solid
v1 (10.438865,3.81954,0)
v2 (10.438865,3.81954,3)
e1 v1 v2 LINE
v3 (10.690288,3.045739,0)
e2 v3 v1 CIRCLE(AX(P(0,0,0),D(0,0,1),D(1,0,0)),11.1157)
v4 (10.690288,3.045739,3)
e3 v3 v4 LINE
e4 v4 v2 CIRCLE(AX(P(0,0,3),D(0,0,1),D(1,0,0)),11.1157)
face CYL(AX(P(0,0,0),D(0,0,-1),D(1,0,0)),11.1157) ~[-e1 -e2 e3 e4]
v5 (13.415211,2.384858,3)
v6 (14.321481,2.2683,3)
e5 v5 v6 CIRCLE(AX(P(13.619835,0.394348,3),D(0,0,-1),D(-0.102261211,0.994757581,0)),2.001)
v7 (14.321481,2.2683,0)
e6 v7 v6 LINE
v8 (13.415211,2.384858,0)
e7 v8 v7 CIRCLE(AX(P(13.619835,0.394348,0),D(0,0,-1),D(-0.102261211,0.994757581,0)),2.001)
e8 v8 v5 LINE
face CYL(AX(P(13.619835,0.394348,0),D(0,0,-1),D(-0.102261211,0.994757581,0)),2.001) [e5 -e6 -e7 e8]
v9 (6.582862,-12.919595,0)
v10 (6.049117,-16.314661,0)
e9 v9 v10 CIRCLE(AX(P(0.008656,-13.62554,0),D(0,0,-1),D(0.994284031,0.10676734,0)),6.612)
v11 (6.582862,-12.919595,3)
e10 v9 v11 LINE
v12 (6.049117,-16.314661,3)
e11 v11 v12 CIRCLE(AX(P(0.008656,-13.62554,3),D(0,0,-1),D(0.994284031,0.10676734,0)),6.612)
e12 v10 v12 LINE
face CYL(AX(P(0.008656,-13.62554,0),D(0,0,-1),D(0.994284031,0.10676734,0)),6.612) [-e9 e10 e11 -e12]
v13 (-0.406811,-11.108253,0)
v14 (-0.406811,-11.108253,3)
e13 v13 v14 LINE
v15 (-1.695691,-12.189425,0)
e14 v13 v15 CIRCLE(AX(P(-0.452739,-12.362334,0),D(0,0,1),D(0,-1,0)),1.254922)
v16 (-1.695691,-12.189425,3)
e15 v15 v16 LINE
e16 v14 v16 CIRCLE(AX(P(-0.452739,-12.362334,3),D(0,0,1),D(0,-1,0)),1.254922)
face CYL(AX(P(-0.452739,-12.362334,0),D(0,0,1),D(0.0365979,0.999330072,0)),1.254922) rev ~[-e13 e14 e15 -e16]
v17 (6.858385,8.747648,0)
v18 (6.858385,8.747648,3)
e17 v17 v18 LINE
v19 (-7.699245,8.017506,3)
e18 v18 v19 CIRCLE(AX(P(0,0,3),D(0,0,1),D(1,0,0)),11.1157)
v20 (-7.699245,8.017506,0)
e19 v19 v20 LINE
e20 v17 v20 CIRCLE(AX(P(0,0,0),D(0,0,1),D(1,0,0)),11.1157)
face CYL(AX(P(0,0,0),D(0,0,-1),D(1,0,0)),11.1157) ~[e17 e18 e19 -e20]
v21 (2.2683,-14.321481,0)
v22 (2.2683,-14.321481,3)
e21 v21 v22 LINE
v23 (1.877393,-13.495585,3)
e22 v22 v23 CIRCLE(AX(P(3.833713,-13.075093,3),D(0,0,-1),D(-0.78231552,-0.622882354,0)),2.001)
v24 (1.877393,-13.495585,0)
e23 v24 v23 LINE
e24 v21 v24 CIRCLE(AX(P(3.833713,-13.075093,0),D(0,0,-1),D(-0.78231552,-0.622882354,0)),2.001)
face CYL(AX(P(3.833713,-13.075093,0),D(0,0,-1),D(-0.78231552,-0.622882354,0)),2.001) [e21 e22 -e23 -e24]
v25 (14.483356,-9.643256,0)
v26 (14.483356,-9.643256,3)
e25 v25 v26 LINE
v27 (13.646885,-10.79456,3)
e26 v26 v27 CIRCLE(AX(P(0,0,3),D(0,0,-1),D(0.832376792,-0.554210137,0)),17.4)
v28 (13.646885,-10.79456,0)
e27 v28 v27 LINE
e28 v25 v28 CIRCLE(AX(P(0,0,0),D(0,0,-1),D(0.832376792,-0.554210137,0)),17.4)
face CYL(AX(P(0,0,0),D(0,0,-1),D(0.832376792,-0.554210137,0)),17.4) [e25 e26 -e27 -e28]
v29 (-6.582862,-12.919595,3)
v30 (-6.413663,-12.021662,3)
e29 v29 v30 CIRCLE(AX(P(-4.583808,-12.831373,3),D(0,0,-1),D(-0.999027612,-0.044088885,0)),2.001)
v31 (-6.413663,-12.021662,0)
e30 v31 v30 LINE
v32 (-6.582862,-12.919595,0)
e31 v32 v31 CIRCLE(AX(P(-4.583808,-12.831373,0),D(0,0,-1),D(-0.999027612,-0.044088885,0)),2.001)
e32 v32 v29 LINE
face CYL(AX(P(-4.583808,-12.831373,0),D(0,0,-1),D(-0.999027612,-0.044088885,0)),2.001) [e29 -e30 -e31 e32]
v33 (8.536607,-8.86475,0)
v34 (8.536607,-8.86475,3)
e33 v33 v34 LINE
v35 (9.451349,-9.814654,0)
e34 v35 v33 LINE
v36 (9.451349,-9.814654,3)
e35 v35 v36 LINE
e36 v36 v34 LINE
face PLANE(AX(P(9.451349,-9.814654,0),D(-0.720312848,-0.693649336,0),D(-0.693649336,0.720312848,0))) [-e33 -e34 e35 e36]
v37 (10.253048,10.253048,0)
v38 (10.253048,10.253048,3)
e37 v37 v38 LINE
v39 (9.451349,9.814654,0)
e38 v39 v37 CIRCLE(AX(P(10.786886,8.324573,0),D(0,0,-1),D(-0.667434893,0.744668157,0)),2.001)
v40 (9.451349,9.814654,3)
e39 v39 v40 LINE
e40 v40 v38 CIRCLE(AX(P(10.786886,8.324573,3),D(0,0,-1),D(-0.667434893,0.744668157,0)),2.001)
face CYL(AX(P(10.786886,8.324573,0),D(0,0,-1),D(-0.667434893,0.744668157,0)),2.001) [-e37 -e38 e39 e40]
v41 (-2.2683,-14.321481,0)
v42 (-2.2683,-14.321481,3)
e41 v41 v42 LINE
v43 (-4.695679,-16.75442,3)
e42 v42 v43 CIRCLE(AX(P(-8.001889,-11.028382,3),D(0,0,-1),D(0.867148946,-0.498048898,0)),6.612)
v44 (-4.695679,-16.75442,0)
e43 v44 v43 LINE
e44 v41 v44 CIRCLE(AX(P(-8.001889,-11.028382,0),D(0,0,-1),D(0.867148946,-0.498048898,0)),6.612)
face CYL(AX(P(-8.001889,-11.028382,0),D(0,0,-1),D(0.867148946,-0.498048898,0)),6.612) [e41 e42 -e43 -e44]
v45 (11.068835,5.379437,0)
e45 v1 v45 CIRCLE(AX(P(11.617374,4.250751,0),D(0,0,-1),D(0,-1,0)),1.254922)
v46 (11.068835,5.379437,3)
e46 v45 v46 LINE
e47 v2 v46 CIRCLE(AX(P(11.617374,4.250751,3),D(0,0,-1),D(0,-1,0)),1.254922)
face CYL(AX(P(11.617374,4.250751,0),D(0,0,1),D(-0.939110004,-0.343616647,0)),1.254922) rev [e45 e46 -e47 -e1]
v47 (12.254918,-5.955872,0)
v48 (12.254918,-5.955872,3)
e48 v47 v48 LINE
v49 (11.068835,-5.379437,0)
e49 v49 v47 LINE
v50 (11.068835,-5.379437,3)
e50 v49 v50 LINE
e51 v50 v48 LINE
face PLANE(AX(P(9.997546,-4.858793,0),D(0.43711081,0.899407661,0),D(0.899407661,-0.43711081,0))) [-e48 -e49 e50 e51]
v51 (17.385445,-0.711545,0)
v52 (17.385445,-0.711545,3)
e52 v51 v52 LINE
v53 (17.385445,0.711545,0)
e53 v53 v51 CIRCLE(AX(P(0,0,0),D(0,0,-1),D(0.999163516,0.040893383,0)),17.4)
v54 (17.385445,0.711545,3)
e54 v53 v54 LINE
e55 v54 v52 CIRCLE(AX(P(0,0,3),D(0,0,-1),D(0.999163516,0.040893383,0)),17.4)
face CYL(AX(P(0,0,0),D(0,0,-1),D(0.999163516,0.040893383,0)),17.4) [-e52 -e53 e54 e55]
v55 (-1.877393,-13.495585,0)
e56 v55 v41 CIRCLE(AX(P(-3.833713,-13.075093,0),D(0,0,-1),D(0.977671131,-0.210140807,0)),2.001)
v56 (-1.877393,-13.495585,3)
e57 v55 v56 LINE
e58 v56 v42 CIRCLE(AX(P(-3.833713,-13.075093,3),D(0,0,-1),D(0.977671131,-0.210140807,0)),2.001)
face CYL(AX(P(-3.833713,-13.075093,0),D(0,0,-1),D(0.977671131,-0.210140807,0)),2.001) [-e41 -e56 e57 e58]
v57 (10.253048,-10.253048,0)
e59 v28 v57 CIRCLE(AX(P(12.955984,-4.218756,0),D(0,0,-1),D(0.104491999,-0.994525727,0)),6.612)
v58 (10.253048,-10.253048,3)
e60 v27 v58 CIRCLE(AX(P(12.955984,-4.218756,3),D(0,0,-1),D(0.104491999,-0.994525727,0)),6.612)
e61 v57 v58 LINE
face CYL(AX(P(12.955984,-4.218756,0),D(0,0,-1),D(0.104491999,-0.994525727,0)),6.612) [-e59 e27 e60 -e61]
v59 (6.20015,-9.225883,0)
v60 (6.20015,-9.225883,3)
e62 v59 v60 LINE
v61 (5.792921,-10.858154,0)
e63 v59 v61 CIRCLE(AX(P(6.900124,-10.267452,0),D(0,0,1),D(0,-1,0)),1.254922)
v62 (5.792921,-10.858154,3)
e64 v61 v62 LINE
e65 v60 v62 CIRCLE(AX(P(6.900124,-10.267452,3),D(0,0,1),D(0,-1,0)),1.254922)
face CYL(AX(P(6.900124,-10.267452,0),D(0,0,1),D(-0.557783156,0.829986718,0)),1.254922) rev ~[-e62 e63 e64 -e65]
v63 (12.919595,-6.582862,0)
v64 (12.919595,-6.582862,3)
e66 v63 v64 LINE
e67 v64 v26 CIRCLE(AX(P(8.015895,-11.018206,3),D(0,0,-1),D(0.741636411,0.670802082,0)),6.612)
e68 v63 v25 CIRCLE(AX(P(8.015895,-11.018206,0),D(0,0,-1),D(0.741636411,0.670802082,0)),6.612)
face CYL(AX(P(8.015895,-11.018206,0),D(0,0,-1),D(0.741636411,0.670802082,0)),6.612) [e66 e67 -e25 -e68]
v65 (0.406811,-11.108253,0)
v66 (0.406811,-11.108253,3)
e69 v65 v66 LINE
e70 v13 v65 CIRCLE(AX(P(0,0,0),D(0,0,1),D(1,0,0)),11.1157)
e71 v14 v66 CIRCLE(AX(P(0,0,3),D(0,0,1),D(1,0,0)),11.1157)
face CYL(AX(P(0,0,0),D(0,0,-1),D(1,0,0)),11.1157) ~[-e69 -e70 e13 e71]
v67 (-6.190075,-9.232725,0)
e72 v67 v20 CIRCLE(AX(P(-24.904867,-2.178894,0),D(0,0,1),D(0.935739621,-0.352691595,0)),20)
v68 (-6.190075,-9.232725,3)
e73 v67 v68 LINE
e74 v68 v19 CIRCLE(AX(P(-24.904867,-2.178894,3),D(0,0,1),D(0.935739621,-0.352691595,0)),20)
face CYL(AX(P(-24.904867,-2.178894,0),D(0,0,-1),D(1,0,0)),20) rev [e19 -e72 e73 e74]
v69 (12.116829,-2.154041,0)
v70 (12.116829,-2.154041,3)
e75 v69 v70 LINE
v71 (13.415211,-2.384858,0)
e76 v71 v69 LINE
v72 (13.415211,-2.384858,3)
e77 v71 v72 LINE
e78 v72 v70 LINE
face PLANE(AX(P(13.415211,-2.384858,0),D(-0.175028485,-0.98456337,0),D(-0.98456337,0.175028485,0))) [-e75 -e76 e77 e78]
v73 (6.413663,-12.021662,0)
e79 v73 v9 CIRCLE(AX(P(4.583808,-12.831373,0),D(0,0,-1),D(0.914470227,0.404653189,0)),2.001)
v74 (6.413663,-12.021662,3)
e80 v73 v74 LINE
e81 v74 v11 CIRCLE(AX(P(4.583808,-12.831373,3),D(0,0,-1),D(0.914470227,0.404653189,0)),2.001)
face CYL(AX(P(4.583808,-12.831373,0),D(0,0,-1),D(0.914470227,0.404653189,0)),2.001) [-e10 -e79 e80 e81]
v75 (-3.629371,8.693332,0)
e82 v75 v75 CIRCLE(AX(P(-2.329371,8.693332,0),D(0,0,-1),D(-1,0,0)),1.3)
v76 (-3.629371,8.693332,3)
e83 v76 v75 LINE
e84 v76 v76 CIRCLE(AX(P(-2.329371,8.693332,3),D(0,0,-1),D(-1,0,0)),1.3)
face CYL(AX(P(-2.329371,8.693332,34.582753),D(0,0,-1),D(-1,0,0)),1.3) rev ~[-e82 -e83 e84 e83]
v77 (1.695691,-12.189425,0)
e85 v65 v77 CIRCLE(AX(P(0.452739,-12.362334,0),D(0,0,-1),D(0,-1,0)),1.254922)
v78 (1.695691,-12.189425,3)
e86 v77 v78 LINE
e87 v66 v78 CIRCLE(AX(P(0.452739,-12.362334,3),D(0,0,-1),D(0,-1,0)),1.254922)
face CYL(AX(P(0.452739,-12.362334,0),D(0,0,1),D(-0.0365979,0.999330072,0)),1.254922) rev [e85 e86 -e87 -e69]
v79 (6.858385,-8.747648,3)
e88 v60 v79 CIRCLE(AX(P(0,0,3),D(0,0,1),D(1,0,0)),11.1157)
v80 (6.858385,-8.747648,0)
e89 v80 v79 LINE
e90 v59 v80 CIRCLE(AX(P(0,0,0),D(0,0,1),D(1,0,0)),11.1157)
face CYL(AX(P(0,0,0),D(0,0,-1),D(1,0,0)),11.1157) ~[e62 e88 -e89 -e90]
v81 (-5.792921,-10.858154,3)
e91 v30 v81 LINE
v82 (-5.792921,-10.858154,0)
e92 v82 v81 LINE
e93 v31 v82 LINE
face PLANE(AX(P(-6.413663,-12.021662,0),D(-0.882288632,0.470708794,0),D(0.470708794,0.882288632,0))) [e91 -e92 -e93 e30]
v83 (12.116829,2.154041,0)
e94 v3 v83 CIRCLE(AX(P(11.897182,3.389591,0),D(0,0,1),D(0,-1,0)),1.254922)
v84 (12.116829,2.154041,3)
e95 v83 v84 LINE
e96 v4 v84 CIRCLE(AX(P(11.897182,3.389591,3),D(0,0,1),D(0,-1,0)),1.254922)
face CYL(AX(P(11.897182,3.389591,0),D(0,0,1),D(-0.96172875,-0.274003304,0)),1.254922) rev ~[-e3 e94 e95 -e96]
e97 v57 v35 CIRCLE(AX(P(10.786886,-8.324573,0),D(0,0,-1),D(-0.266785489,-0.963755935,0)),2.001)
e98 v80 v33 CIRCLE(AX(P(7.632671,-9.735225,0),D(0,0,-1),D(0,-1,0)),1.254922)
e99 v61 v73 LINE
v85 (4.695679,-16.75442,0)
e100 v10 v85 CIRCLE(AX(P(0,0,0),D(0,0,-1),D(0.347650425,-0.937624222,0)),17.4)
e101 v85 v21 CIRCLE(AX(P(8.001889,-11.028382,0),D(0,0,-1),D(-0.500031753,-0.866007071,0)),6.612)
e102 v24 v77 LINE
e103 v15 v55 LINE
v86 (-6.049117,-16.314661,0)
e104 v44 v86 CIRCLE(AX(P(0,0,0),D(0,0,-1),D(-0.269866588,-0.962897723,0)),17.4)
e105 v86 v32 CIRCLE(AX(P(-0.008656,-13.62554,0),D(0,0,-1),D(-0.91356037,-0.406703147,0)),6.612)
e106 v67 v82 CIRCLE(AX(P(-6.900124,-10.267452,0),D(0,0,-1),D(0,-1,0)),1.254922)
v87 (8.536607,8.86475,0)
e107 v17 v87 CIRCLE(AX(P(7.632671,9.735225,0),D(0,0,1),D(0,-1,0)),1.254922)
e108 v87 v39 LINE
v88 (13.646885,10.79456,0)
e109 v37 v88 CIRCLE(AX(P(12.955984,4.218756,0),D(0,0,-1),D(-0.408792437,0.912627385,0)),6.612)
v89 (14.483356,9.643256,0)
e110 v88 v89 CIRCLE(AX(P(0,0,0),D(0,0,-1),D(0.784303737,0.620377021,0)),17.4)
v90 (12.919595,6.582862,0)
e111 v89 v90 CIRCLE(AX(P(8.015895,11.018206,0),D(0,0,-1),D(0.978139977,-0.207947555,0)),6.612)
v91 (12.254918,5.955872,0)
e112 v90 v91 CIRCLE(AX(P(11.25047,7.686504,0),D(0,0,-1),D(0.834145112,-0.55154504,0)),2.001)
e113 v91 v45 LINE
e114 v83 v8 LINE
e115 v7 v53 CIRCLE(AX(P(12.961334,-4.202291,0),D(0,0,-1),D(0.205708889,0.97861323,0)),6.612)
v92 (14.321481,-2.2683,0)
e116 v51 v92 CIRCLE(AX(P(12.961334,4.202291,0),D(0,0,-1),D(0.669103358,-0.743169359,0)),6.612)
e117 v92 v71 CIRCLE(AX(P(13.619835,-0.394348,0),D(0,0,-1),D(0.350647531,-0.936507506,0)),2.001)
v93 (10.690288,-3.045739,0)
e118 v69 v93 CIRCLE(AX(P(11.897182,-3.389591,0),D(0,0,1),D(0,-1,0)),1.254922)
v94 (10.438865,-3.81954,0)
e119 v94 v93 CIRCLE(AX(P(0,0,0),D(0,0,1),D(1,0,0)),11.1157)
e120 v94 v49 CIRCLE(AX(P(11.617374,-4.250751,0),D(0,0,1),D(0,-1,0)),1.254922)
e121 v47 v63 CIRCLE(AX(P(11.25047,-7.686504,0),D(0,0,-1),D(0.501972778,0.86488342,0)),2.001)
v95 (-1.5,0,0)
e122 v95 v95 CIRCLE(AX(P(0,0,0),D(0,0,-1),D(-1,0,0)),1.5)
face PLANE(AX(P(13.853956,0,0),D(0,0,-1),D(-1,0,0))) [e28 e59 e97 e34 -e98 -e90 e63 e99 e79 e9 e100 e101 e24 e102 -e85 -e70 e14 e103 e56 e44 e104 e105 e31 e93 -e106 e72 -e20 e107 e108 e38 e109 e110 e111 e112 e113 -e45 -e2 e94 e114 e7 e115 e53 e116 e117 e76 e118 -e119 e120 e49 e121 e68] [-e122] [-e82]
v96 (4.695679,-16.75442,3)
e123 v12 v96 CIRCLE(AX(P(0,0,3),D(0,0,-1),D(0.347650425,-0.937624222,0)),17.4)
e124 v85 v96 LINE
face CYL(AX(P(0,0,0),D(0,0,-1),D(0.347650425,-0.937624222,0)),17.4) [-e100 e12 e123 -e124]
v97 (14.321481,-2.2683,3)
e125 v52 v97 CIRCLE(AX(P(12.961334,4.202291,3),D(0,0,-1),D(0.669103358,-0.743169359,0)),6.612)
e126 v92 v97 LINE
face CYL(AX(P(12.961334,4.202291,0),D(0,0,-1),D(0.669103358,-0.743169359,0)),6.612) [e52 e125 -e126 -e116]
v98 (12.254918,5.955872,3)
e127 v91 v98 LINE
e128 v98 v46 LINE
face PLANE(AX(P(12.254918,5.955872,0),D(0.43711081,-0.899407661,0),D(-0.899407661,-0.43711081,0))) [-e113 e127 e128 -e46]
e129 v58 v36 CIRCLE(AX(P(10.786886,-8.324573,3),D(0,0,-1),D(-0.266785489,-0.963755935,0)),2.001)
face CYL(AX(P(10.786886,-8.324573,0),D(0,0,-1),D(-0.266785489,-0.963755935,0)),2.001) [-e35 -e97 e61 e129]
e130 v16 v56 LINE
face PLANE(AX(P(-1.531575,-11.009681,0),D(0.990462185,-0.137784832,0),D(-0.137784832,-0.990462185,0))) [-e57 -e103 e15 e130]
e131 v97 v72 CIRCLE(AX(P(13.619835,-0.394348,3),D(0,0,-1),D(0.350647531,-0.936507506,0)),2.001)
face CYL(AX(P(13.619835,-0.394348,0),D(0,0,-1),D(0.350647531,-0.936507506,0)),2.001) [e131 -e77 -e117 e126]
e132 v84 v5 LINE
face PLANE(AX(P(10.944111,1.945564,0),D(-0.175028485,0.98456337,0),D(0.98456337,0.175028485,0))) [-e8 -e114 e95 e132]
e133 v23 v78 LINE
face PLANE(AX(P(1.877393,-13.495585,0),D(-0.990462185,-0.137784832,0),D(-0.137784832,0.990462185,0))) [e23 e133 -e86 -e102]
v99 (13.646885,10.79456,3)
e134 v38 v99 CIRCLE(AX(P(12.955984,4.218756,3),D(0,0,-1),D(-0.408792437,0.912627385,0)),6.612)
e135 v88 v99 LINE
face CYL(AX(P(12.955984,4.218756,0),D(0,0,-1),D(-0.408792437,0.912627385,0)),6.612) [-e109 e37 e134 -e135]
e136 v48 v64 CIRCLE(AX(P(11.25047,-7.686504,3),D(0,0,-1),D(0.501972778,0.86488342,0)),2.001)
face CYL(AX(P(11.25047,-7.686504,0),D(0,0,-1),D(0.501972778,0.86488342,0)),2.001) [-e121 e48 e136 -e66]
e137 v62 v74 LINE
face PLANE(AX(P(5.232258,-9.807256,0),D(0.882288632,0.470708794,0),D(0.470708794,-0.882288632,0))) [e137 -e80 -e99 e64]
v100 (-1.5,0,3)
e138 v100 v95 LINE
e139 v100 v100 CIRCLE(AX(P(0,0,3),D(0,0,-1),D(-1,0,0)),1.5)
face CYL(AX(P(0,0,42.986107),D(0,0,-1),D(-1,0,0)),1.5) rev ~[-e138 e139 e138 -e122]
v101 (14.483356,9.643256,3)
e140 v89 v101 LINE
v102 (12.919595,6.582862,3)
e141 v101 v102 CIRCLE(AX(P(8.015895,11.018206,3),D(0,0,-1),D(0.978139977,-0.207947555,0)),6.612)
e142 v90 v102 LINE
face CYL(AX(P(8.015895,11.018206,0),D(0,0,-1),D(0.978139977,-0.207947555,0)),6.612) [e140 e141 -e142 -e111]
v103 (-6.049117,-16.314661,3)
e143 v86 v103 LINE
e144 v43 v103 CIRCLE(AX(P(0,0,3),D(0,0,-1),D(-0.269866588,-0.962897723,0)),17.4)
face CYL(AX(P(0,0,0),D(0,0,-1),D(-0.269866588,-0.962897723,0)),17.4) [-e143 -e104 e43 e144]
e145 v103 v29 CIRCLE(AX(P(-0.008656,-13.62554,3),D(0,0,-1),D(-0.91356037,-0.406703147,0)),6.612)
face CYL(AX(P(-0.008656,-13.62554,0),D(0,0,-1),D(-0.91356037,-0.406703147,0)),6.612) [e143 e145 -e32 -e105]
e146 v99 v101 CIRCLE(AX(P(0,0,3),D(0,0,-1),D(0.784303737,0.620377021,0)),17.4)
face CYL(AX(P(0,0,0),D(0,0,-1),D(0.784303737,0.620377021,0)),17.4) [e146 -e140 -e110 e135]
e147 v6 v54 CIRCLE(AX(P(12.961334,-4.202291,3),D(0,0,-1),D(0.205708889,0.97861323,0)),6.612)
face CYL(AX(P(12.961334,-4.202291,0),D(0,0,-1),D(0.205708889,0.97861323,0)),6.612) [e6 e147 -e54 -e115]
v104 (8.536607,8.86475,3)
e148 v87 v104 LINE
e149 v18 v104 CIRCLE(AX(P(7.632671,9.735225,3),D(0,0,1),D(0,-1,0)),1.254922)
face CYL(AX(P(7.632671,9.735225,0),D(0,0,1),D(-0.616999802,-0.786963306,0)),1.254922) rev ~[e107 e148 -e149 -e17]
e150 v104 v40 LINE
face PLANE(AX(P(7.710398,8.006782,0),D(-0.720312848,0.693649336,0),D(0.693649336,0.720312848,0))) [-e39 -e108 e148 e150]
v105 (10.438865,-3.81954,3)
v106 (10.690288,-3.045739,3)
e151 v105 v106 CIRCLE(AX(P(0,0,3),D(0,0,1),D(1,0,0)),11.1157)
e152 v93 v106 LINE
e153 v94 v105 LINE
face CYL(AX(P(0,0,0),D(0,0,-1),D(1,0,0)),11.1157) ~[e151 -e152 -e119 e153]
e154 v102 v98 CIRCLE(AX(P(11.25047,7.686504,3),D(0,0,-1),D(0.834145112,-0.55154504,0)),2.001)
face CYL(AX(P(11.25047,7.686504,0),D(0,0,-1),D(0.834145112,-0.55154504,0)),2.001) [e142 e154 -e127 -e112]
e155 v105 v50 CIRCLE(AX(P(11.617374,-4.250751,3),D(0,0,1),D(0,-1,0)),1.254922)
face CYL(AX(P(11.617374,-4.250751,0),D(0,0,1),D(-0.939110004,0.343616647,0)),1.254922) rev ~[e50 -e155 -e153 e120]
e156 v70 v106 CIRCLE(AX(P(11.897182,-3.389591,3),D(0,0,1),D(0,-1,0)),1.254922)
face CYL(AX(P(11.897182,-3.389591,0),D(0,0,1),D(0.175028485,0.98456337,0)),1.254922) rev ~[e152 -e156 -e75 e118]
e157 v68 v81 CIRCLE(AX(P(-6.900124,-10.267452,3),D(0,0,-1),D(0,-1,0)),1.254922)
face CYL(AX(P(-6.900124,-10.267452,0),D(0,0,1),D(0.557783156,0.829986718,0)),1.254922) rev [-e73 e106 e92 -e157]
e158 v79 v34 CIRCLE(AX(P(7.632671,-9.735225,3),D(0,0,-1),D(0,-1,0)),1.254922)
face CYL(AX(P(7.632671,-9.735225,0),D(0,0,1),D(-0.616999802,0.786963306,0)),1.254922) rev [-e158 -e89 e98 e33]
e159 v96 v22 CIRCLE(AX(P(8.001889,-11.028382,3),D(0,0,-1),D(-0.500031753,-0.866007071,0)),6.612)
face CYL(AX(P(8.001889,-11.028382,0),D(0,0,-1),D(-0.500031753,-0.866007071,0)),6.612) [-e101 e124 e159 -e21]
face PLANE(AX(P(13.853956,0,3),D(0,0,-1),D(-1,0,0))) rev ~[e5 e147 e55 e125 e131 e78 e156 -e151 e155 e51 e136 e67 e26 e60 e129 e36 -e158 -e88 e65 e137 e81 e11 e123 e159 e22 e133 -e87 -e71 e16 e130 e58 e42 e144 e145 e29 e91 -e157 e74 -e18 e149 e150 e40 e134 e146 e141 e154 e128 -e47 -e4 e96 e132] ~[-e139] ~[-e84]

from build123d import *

# Parameters (mm, degrees)
POSICIONAMENTOS_R               = 11.1157
BASE_DEPTH                      = 3
FURO_DE_DI_METRO_2_6_2_6_1_D    = 2.6
BASE_DENTE_DEPTH                = 3
RAIO_DENTE_R                    = 1.254921501
PADR_OCIRCULAR1_COUNT           = 10
RAIO_DENTE_OF_PADR_OCIRCULAR1_R = 1.254921501
FURO_DE_DI_METRO_3_0_3_1_D      = 3
ESBO_O9_R                       = 20
CORTE_EXTRUS_O1_DEPTH           = 25.340719016


with BuildPart() as part:
    # Posicionamentos → Base (new body)
    with BuildSketch(Plane.XY):
        Circle(POSICIONAMENTOS_R)
    extrude(amount=BASE_DEPTH)

    # Furo de diâmetro Ø2.6 (2.6)1 (through all)
    with Locations(Plane.XY.offset(3)):
        with Locations((-2.329371406, 8.693332437)):
            Hole(FURO_DE_DI_METRO_2_6_2_6_1_D / 2)

    # Dente → Base Dente (add, through all)
    with BuildSketch(Plane.XY):
        with BuildLine():
            Line((13.415210536, -2.384858144), (10.944111052, -1.945564126))
            ThreePointArc((10.944111052, -1.945564126), (11.1157, 0), (10.944111052, 1.945564126))
            Line((10.944111052, 1.945564126), (13.415210536, 2.384858144))
            ThreePointArc((13.415210536, 2.384858144), (13.875087923, 2.379001106), (14.321480939, 2.268299743))
            ThreePointArc((14.321480939, 2.268299743), (15.956376882, 1.692474606), (17.385445174, 0.711544868))
            ThreePointArc((17.385445174, 0.711544868), (17.4, 0), (17.385445174, -0.711544868))
            ThreePointArc((17.385445174, -0.711544868), (15.956376882, -1.692474606), (14.321480939, -2.268299743))
            ThreePointArc((14.321480939, -2.268299743), (13.875087923, -2.379001106), (13.415210536, -2.384858144))
        make_face()
    base_dente = extrude(amount=BASE_DENTE_DEPTH)

    # Raio Dente
    raio_dente_edges = [part.edges().sort_by_distance(p)[0] for p in [
        (10.944111052, 1.945564126, 1.5),
        (10.944111052, -1.945564126, 1.5),
    ]]
    fillet(raio_dente_edges, radius=RAIO_DENTE_R)

    # PadrãoCircular1: Base Dente ×10 about axis, 5 skipped
    padr_ocircular1_axis = Axis((0, 0, 0), (0, 0, -1))
    add([base_dente.rotate(padr_ocircular1_axis, i * 360 / PADR_OCIRCULAR1_COUNT) for i in range(1, PADR_OCIRCULAR1_COUNT) if i not in (4, 5, 6, 7, 8)])

    # Raio Dente of PadrãoCircular1
    raio_dente_of_padr_ocircular1_edges = [part.edges().sort_by_distance(p)[0] for p in [
        (9.99754573, -4.858792634, 1.5),
        (7.710397929, -8.006781518, 1.5),
        (5.232257744, -9.807255752, 1.5),
        (1.531574863, -11.00968051, 1.5),
        (-1.531574863, -11.00968051, 1.5),
        (-5.232257744, -9.807255752, 1.5),
        (7.710397929, 8.006781518, 1.5),
        (9.99754573, 4.858792634, 1.5),
    ]]
    fillet(raio_dente_of_padr_ocircular1_edges, radius=RAIO_DENTE_OF_PADR_OCIRCULAR1_R)

    # Furo de diâmetro Ø3.0 (3)1 (through all)
    with Locations(Plane.XY.offset(3)):
        with Locations((0, 0)):
            Hole(FURO_DE_DI_METRO_3_0_3_1_D / 2)

    # Esboço9 → Corte-extrusão1 (cut, through all)
    with BuildSketch(Plane.XY):
        with Locations((-24.904867452, -2.178893569)):
            Circle(ESBO_O9_R)
    extrude(amount=CORTE_EXTRUS_O1_DEPTH, mode=Mode.SUBTRACT)


solid = part.part
